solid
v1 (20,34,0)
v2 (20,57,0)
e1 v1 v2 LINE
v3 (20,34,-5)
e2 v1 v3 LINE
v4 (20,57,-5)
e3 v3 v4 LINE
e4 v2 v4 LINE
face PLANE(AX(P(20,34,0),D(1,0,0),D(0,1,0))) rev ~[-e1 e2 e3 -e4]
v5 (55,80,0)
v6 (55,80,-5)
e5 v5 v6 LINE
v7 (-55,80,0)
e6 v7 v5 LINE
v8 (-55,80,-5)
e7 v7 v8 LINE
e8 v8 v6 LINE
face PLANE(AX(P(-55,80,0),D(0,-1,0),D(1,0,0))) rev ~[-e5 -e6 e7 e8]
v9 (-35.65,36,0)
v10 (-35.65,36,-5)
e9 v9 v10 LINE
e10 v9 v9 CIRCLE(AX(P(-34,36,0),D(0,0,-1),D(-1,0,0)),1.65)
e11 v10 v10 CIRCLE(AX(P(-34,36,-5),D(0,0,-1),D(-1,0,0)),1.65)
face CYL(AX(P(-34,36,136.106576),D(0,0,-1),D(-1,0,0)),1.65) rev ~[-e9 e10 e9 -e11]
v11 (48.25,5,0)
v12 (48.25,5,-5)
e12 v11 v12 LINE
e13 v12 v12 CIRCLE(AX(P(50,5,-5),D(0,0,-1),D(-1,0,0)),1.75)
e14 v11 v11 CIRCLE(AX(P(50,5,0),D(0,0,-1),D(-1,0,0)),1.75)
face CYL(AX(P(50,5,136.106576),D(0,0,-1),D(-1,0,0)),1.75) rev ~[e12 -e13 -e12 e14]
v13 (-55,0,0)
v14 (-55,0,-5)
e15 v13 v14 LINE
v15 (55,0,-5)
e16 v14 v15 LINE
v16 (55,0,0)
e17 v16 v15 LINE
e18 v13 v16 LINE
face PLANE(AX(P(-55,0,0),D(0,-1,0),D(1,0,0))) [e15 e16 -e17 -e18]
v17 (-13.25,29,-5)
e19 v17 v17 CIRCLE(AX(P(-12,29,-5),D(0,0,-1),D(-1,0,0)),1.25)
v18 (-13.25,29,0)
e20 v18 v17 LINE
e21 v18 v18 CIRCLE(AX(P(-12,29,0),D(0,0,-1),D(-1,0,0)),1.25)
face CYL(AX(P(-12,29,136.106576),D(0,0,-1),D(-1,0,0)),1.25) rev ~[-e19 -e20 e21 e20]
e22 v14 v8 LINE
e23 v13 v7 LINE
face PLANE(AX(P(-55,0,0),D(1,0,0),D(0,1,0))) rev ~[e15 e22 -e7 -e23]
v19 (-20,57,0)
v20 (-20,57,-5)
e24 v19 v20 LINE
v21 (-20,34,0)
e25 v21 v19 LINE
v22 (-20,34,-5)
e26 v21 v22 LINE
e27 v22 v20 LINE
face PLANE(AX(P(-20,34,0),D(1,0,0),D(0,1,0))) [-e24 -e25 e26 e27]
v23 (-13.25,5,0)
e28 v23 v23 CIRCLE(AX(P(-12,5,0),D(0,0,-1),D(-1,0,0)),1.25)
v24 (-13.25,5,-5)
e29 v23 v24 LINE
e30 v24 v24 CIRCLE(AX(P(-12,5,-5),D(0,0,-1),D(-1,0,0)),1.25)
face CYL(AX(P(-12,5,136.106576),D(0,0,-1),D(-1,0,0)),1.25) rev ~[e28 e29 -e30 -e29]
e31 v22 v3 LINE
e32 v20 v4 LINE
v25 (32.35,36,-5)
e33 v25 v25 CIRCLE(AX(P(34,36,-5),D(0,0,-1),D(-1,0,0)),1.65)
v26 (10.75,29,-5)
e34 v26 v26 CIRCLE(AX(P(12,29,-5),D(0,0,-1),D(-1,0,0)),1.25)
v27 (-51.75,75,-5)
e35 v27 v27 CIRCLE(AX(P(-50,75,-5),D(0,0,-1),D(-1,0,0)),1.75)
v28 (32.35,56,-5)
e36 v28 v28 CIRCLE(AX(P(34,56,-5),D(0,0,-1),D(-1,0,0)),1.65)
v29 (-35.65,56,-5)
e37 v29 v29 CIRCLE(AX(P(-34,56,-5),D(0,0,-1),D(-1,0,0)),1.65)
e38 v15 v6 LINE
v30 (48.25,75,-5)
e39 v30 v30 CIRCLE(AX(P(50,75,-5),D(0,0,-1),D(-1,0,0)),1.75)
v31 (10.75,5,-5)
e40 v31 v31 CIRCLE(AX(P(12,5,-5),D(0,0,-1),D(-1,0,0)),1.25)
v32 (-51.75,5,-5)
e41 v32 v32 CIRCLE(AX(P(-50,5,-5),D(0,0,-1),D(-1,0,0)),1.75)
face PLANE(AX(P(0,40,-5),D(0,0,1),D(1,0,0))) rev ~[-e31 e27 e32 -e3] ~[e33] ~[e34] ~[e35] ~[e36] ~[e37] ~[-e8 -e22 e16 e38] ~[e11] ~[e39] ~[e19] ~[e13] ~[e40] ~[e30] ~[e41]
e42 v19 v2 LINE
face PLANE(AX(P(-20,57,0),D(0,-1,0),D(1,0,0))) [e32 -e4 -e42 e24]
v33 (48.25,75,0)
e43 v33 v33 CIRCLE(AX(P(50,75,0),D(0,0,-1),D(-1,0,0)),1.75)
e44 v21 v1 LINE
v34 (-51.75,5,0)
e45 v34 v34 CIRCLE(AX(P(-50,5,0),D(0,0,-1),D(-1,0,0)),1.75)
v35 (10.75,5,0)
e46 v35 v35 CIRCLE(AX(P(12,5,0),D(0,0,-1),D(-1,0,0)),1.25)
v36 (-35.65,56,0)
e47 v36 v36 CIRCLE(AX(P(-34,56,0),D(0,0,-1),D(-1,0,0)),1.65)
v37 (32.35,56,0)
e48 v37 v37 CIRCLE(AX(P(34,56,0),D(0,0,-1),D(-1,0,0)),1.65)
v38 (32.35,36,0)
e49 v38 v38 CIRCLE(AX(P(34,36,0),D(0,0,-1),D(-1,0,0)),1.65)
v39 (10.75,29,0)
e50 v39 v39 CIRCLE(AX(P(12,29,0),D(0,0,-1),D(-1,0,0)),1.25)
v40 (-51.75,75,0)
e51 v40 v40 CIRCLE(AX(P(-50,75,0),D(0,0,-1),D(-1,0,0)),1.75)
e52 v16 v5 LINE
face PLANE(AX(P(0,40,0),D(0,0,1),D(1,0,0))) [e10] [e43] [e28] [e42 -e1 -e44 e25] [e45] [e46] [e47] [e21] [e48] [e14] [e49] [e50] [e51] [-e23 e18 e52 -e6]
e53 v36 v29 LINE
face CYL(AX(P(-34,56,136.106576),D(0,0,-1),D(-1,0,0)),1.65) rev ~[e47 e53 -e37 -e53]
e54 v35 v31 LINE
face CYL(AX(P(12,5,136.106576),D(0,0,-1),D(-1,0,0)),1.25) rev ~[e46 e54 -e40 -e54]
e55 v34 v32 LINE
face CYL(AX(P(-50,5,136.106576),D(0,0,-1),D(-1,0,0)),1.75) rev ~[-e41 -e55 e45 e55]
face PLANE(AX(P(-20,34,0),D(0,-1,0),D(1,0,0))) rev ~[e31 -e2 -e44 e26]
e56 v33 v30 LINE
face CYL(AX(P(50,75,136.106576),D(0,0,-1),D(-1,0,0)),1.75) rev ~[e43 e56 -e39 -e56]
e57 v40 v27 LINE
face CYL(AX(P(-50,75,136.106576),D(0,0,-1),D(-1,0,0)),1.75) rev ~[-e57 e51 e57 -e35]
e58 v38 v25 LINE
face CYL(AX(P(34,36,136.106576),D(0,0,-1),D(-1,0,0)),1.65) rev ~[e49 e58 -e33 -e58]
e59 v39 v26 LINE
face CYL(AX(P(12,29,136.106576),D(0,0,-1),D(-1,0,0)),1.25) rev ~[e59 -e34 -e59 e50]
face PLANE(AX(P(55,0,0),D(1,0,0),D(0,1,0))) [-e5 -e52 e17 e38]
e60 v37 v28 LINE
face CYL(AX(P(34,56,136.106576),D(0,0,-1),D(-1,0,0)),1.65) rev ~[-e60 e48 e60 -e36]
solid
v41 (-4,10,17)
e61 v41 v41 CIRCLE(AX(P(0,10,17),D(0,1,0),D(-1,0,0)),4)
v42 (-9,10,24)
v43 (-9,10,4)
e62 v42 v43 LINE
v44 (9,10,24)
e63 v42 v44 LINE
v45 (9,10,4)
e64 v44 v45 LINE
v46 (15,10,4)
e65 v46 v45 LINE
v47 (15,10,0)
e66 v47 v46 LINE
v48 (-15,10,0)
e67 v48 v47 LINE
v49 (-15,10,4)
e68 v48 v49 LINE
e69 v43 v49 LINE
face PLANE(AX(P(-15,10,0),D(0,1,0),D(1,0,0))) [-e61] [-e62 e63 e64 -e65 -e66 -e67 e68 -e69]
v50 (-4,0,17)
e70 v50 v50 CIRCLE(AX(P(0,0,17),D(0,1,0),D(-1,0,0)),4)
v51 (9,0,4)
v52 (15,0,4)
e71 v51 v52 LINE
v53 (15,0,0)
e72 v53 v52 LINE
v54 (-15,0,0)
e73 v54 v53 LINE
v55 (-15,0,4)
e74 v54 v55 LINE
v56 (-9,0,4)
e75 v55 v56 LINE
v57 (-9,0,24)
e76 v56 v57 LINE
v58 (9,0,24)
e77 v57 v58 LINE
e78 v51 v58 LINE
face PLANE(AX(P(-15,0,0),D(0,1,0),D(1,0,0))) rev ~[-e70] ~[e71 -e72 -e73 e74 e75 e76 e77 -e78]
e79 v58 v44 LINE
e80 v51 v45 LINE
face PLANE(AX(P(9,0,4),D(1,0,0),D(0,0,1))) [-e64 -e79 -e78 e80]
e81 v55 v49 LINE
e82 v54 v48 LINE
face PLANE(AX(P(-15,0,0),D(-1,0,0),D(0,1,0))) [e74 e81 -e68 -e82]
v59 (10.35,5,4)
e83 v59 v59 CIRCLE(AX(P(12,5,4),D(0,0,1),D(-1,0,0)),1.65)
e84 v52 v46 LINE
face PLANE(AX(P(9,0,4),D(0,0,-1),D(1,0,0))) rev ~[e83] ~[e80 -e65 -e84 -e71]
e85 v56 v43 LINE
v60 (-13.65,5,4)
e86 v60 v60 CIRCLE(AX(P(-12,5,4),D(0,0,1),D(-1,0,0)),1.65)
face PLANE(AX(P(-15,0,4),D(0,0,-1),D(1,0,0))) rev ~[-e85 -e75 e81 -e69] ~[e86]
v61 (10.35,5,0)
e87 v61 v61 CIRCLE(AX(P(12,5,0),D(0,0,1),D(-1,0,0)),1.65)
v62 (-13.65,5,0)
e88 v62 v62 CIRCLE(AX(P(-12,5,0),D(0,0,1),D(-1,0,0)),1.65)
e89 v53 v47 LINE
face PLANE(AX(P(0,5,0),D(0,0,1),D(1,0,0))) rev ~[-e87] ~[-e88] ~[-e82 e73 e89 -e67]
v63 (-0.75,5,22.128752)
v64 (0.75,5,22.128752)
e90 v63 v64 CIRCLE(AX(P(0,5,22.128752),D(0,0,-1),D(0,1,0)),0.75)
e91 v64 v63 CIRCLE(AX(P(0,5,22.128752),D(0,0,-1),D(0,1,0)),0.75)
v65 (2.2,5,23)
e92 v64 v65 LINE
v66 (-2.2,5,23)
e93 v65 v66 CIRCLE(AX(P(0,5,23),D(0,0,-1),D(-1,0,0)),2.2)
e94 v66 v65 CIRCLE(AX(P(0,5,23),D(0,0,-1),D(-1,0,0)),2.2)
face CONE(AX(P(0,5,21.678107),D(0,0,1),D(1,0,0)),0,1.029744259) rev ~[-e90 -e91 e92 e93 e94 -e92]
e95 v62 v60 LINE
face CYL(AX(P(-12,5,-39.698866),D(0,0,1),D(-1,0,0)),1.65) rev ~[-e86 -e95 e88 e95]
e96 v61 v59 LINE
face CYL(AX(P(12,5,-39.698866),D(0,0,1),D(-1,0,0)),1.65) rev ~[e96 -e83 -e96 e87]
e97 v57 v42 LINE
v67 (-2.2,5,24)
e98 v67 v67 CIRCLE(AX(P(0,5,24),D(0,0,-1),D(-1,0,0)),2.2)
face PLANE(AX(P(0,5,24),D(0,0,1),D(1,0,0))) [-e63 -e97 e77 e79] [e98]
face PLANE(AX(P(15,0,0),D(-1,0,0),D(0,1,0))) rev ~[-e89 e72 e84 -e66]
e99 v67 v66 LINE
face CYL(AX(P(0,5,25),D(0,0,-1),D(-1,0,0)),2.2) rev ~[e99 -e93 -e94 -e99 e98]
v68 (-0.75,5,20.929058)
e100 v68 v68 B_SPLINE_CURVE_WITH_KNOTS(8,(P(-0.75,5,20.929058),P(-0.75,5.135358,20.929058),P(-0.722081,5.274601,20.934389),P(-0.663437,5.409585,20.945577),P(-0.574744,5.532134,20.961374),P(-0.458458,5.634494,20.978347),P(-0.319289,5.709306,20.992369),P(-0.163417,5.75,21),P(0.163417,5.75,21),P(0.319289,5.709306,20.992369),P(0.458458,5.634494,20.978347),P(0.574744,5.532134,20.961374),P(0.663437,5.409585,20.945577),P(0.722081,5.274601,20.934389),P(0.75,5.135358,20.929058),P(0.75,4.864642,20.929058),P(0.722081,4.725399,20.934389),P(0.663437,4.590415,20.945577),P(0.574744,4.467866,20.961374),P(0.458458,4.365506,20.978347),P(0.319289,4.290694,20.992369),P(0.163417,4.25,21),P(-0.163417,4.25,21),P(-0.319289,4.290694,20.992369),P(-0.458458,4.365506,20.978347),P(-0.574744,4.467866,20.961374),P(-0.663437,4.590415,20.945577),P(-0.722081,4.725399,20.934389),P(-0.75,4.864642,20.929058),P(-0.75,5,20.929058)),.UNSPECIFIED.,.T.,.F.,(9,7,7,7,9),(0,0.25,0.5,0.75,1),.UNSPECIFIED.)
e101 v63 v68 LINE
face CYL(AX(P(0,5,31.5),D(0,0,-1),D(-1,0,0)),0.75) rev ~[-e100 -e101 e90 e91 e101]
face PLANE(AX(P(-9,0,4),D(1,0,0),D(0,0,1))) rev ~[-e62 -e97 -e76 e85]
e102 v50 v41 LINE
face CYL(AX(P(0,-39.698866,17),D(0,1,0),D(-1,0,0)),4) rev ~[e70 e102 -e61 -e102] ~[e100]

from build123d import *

# Parameters (mm, degrees)
F0_W      = 110
F0_H      = 80
F1_DEPTH  = 5
F2_W      = 40
F2_H      = 23
F3_DEPTH  = 5.001
F5_D      = 2.5
F6_D      = 3.3
F8_D      = 3.5
F9_W      = 30
F9_H      = 10
F10_DEPTH = 24
F11_W     = 6
F11_H     = 20
F12_DEPTH = 80.001
F13_D     = 3.3
F14_D     = 8
F16_D     = 1.5
F16_DEPTH = 7.5
F16_TIP   = 0.4506454643
F17_D     = 4.4
F17_DEPTH = 1
F17_TIP   = 1.3218933619


with BuildPart() as f1:
    # F0 (on Top) → F1 (new body)
    with BuildSketch(Plane.XY):
        with Locations((0, 40)):
            Rectangle(F0_W, F0_H)
    extrude(amount=-F1_DEPTH)

    # F2 (on face) → F3 (cut, through all)
    with BuildSketch(Plane.XY):
        with Locations((0, 45.5)):
            Rectangle(F2_W, F2_H)
    extrude(amount=-F3_DEPTH, mode=Mode.SUBTRACT)

    # F5 (through all)
    with Locations(Plane.XY):
        with Locations((-12, 5), (12, 5), (12, 29), (-12, 29)):
            Hole(F5_D / 2)

    # F6 (through all)
    with Locations(Plane.XY):
        with Locations((-34, 36), (34, 36), (34, 56), (-34, 56)):
            Hole(F6_D / 2)

    # F8 (through all)
    with Locations(Plane.XY):
        with Locations((-50, 5), (50, 5), (50, 75), (-50, 75)):
            Hole(F8_D / 2)


with BuildPart() as f10:
    # F9 (on face) → F10 (new body)
    with BuildSketch(Plane.XY):
        with Locations((0, 5)):
            Rectangle(F9_W, F9_H)
    extrude(amount=F10_DEPTH)

    # F11 (on face) → F12 (cut, through all)
    with BuildSketch(Plane.XZ):
        with Locations((12, 14)):
            Rectangle(F11_W, F11_H)
        with Locations((-12, 14)):
            Rectangle(F11_W, F11_H)
    extrude(amount=-F12_DEPTH, mode=Mode.SUBTRACT)

    # F13 (through all)
    with Locations(Plane(origin=(0, 0, 0), x_dir=(1, 0, 0), z_dir=(0, 0, -1))):
        with Locations((-12, -5), (12, -5)):
            Hole(F13_D / 2)

    # F14 (through all)
    with Locations(Plane.XZ):
        with Locations((0, 17)):
            Hole(F14_D / 2)

    # F16
    with Locations(Plane.XY.offset(24)):
        with Locations((0, 5)):
            Hole(F16_D / 2, depth=F16_DEPTH)
            with Locations((0, 0, -(F16_DEPTH + F16_TIP / 2))):  # 118° drill point
                Cone(0, F16_D / 2, F16_TIP, mode=Mode.SUBTRACT)

    # F17
    with Locations(Plane.XY.offset(24)):
        with Locations((0, 5)):
            Hole(F17_D / 2, depth=F17_DEPTH)
            with Locations((0, 0, -(F17_DEPTH + F17_TIP / 2))):  # 118° drill point
                Cone(0, F17_D / 2, F17_TIP, mode=Mode.SUBTRACT)


solid = Compound([f1.part, f10.part])
